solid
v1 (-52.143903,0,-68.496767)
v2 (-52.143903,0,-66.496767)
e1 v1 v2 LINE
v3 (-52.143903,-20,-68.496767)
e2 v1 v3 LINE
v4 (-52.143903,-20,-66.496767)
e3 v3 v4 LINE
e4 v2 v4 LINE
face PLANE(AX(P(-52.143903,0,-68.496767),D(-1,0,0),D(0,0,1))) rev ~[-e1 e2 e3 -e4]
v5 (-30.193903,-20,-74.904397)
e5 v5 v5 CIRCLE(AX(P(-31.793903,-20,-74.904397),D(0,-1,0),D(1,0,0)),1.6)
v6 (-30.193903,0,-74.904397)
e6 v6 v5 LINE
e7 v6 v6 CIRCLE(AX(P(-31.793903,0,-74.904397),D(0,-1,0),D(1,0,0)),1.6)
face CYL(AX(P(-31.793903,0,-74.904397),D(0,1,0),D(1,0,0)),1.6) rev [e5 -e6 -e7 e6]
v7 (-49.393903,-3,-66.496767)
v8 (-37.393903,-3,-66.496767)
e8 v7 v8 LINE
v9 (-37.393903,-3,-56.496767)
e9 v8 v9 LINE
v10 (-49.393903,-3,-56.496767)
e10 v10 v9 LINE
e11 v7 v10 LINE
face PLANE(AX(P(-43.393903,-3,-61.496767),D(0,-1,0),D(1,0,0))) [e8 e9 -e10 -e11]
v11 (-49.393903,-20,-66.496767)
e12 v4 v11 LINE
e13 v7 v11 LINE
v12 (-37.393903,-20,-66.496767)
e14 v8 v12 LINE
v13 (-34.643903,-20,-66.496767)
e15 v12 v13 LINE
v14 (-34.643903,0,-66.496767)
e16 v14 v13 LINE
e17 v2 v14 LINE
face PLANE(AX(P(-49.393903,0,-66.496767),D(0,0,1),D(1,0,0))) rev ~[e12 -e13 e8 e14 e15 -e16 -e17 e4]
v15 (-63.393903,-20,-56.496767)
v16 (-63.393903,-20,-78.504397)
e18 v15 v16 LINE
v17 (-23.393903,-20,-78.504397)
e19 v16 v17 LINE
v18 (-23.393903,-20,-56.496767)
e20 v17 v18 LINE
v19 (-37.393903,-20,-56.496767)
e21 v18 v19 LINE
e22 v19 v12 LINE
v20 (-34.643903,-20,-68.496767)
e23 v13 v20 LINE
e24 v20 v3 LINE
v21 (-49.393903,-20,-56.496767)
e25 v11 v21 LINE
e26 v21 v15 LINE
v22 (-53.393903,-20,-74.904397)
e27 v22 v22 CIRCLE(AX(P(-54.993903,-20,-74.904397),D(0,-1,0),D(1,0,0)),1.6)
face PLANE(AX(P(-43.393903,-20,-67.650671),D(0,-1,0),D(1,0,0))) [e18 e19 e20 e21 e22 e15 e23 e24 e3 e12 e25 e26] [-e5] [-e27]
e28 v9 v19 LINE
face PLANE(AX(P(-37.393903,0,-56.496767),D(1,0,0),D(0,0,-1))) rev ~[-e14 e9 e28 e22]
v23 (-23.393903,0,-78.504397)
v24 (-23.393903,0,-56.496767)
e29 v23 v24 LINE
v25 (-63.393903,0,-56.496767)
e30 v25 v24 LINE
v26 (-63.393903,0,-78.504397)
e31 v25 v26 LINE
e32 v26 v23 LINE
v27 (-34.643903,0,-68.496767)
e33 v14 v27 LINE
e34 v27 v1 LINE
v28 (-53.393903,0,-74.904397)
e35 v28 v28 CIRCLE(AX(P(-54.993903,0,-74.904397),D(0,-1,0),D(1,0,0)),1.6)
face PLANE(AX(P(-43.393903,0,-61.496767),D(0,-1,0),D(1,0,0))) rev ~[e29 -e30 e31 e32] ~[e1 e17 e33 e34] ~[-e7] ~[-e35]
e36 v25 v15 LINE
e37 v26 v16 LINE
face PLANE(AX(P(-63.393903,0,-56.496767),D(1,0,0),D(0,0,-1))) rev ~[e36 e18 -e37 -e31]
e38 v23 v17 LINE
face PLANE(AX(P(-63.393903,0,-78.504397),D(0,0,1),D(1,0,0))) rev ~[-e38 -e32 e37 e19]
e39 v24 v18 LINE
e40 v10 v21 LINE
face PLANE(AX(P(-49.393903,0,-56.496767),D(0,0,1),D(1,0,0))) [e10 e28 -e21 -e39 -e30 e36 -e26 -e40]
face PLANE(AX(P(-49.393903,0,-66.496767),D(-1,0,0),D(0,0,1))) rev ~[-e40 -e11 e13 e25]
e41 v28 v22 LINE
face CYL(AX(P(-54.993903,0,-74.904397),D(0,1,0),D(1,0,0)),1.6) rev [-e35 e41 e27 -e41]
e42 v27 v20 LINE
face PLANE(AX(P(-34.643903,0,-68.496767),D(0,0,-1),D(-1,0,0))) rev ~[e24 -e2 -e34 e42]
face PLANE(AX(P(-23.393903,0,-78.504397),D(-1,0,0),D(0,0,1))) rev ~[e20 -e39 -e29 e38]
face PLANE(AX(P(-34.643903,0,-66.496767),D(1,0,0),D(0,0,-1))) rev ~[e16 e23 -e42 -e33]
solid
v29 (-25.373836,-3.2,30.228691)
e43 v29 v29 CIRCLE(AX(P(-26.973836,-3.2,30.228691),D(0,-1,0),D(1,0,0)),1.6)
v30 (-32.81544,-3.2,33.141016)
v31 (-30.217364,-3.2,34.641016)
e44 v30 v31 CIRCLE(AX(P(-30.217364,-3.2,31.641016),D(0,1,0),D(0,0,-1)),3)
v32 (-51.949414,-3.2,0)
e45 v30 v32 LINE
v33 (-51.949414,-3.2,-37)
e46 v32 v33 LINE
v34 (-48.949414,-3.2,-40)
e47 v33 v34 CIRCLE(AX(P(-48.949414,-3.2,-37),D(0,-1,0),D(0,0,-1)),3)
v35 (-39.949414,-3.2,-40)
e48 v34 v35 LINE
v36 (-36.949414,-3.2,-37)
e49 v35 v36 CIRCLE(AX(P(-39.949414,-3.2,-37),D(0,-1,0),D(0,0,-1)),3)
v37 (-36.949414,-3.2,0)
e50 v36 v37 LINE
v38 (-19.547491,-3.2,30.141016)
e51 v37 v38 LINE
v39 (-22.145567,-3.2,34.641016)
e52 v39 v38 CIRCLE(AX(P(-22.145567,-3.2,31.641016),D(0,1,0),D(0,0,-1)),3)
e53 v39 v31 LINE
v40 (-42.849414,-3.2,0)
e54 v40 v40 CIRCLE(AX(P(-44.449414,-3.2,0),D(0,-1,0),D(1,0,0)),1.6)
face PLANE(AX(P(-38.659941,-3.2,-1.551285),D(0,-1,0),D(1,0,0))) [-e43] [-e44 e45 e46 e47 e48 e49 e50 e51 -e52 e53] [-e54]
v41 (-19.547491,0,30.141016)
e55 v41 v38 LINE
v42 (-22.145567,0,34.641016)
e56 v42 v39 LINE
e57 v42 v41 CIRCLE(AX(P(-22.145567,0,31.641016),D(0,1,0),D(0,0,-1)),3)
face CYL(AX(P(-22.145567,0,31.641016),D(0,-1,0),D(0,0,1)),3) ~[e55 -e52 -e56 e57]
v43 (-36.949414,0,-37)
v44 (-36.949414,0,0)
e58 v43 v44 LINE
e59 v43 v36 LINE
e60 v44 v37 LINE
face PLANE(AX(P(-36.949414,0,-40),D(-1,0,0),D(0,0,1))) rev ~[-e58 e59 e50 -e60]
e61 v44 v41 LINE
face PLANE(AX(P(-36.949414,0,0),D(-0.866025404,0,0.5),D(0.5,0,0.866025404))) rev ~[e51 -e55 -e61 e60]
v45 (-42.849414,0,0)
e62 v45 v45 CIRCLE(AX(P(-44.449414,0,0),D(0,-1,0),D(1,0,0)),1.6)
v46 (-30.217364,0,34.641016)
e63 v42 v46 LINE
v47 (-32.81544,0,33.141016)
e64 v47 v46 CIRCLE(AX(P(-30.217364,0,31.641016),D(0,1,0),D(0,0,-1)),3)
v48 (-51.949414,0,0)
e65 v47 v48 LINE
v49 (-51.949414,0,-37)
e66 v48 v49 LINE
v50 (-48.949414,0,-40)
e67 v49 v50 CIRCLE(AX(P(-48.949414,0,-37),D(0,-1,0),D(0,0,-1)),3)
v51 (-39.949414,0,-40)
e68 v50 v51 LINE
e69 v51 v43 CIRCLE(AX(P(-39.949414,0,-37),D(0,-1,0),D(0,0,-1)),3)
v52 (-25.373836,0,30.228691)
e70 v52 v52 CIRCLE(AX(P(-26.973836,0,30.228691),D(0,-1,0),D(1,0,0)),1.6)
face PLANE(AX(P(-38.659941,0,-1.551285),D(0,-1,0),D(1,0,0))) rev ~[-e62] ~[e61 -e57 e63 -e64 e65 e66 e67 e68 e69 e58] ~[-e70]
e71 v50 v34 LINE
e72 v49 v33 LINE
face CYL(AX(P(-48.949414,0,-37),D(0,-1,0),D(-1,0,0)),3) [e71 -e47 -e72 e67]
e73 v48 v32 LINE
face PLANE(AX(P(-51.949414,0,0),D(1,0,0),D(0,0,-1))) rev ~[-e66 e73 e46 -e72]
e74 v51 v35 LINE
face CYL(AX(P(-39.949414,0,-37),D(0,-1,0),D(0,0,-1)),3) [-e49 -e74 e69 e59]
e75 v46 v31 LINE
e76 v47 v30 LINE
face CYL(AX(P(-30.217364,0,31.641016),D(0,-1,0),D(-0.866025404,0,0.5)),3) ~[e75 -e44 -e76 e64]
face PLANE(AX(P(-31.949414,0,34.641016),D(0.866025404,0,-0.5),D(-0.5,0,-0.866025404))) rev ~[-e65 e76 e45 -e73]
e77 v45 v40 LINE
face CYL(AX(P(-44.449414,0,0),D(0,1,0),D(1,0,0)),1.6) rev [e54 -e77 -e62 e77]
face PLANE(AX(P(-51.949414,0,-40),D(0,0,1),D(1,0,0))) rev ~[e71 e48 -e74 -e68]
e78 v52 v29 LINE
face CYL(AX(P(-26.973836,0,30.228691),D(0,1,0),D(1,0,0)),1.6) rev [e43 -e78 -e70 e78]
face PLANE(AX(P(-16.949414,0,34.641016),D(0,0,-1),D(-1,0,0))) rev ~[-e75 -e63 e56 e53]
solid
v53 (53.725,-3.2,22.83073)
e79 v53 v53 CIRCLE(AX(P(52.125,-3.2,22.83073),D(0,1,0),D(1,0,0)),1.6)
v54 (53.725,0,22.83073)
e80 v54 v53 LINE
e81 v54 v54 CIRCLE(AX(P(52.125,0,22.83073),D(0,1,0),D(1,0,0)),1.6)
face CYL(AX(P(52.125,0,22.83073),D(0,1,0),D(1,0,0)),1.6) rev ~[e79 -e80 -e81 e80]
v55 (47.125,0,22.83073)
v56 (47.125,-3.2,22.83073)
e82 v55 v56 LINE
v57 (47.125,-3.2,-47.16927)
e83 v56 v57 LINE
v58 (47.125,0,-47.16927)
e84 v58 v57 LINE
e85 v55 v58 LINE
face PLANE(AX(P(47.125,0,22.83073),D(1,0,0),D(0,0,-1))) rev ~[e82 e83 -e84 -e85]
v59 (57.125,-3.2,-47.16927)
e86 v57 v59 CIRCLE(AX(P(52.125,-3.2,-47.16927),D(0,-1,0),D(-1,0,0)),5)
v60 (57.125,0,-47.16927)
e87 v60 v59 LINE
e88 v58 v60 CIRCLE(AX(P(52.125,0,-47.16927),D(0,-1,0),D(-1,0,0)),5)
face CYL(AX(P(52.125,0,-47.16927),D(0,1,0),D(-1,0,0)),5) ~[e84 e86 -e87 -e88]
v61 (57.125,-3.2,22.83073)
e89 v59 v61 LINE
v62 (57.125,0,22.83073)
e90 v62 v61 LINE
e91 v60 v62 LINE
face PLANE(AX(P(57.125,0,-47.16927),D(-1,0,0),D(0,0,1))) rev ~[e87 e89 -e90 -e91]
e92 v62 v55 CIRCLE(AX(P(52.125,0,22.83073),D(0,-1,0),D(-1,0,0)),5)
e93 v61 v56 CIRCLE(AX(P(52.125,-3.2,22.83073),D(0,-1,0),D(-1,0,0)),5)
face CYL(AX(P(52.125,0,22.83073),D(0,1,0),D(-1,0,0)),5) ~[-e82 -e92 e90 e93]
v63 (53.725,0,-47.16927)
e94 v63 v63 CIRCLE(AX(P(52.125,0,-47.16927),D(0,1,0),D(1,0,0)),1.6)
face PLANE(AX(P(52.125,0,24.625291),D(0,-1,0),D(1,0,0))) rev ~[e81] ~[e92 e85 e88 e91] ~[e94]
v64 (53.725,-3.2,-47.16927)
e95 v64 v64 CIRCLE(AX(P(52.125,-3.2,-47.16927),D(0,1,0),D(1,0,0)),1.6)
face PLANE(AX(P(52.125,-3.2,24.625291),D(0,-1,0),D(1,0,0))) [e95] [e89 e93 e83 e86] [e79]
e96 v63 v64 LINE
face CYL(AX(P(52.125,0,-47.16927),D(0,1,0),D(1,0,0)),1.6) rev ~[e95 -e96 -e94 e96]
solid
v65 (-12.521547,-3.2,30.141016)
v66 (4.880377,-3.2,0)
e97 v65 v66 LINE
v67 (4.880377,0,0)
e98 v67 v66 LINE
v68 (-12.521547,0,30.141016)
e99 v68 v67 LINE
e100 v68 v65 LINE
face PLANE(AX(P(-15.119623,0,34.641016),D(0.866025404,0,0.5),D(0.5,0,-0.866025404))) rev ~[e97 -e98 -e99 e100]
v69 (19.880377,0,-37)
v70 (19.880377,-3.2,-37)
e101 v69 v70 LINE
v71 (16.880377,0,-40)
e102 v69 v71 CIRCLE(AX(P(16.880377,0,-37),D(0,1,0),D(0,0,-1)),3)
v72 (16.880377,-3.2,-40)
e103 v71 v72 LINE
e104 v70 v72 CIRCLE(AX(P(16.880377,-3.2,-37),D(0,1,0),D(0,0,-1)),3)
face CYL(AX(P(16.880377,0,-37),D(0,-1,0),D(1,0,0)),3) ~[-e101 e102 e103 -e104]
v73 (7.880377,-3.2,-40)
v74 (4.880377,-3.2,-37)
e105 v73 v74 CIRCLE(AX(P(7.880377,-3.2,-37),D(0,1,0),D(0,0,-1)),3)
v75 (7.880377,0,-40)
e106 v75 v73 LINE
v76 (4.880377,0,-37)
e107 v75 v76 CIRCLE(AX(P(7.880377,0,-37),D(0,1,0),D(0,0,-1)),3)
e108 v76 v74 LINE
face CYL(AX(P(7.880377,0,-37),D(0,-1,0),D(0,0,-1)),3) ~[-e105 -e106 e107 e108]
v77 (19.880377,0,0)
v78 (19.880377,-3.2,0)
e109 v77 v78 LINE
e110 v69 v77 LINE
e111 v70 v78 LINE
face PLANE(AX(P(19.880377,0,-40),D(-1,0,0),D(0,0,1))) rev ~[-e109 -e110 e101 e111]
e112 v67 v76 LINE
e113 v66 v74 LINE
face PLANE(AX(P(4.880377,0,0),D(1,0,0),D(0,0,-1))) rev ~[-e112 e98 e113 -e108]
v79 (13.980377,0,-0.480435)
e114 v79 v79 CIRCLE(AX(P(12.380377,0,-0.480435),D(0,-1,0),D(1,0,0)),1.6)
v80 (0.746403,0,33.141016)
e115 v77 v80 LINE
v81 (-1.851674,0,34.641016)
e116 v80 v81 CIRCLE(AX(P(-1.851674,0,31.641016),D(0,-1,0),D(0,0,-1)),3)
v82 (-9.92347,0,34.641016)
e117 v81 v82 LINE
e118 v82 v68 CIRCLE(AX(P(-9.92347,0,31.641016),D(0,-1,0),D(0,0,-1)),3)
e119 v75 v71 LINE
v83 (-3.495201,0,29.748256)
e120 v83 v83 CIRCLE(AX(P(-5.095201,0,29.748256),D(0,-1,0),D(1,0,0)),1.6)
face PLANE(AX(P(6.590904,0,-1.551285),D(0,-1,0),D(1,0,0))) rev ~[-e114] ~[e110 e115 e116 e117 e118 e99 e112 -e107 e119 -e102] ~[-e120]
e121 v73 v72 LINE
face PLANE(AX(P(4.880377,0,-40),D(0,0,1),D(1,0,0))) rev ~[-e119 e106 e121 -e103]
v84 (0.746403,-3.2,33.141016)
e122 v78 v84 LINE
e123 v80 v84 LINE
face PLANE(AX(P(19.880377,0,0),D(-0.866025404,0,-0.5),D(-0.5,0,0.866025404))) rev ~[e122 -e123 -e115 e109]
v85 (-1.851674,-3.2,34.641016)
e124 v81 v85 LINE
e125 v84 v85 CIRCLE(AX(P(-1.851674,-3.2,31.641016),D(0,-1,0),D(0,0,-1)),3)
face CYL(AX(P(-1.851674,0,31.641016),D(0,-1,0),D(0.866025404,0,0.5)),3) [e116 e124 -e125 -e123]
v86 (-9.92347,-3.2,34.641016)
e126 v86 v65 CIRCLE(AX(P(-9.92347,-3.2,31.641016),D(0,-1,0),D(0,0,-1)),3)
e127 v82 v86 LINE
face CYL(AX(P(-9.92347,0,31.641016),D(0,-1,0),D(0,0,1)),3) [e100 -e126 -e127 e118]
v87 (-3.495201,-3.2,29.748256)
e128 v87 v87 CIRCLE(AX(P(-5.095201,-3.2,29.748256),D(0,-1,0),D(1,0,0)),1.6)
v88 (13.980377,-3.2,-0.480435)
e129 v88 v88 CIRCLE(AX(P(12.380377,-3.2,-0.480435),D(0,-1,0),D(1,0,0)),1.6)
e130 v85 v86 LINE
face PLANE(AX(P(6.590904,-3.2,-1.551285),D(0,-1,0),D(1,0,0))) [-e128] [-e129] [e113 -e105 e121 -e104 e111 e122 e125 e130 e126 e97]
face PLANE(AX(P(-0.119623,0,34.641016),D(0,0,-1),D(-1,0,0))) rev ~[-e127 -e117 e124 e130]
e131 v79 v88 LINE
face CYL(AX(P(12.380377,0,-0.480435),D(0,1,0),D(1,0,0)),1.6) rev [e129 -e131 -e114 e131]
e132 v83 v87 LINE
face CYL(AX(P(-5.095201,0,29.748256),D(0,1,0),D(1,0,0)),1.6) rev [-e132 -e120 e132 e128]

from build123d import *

# Parameters (mm, degrees)
F0_R     = 1.6
F1_DEPTH = 3.2
F2_R     = 3
F2_2_R   = 3
F4_DEPTH = 3.2
F5_R     = 1.6
F6_DEPTH = 20
F5_W     = 12
F5_H     = 10
F7_DEPTH = 3


with BuildPart() as f1:
    # F0 (on Front) → F1 (new body)
    with BuildSketch(Plane.XZ):
        Polygon((19.8803772032, 0), (-0.1196227968, 34.6410161514), (-15.1196227968, 34.6410161514), (4.8803772032, 0), (4.8803772032, -40), (19.8803772032, -40), align=None)
        with Locations((12.3803772032, -0.4804348946)):
            Circle(F0_R, mode=Mode.SUBTRACT)
        with Locations((-5.0952010679, 29.748256281)):
            Circle(F0_R, mode=Mode.SUBTRACT)
    extrude(amount=F1_DEPTH)

    # F2#2
    f2_2_edges = [f1.edges().sort_by_distance(p)[0] for p in [
        (19.880377, -1.6, -40),
        (4.880377, -1.6, -40),
        (-15.119623, -1.6, 34.641016),
        (-0.119623, -1.6, 34.641016),
    ]]
    fillet(f2_2_edges, radius=F2_2_R)


with BuildPart() as f1b:
    # F0 (on Front) → F1, piece 2 (new body)
    with BuildSketch(Plane.XZ):
        Polygon((-31.9494143951, 34.6410161514), (-51.9494143951, 0), (-51.9494143951, -40), (-36.9494143951, -40), (-36.9494143951, 0), (-16.9494143951, 34.6410161514), align=None)
        with Locations((-44.4494143951, 0)):
            Circle(F0_R, mode=Mode.SUBTRACT)
        with Locations((-26.9738361239, 30.2286911756)):
            Circle(F0_R, mode=Mode.SUBTRACT)
    extrude(amount=F1_DEPTH)

    # F2
    f2_edges = [f1b.edges().sort_by_distance(p)[0] for p in [
        (-51.949414, -1.6, -40),
        (-36.949414, -1.6, -40),
        (-31.949414, -1.6, 34.641016),
        (-16.949414, -1.6, 34.641016),
    ]]
    fillet(f2_edges, radius=F2_R)


with BuildPart() as f4:
    # F3 (on Front) → F4 (new body)
    with BuildSketch(Plane.XZ):
        with BuildLine():
            ThreePointArc((50.5249999851, 22.8307303157), (52.1249999851, 24.4307303157), (53.7249999851, 22.8307303157))
            Line((53.7249999851, 22.8307303157), (57.1249999851, 22.8307303157))
            ThreePointArc((57.1249999851, 22.8307303157), (52.1249999851, 27.8307303157), (47.1249999851, 22.8307303157))
            Line((47.1249999851, 22.8307303157), (50.5249999851, 22.8307303157))
        make_face()
        with BuildLine():
            Line((57.1249999851, 22.8307303157), (53.7249999851, 22.8307303157))
            ThreePointArc((53.7249999851, 22.8307303157), (52.1249999851, 21.2307303157), (50.5249999851, 22.8307303157))
            Line((50.5249999851, 22.8307303157), (47.1249999851, 22.8307303157))
            ThreePointArc((47.1249999851, 22.8307303157), (52.1249999851, 17.8307303157), (57.1249999851, 22.8307303157))
        make_face()
        with BuildLine():
            Line((57.1249999851, -47.1692696843), (57.1249999851, 22.8307303157))
            ThreePointArc((57.1249999851, 22.8307303157), (52.1249999851, 17.8307303157), (47.1249999851, 22.8307303157))
            Line((47.1249999851, 22.8307303157), (47.1249999851, -47.1692696843))
            ThreePointArc((47.1249999851, -47.1692696843), (52.1249999851, -42.1692696843), (57.1249999851, -47.1692696843))
        make_face()
        with BuildLine():
            ThreePointArc((47.1249999851, -47.1692696843), (52.1249999851, -52.1692696843), (57.1249999851, -47.1692696843))
            Line((57.1249999851, -47.1692696843), (53.7249999851, -47.1692696843))
            ThreePointArc((53.7249999851, -47.1692696843), (52.1249999851, -48.7692696843), (50.5249999851, -47.1692696843))
            Line((50.5249999851, -47.1692696843), (47.1249999851, -47.1692696843))
        make_face()
        with BuildLine():
            Line((53.7249999851, -47.1692696843), (57.1249999851, -47.1692696843))
            ThreePointArc((57.1249999851, -47.1692696843), (52.1249999851, -42.1692696843), (47.1249999851, -47.1692696843))
            Line((47.1249999851, -47.1692696843), (50.5249999851, -47.1692696843))
            ThreePointArc((50.5249999851, -47.1692696843), (52.1249999851, -45.5692696843), (53.7249999851, -47.1692696843))
        make_face()
    extrude(amount=F4_DEPTH)


with BuildPart() as f6:
    # F5 (on Front) → F6 (new body)
    with BuildSketch(Plane.XZ):
        Polygon((-49.3939027905, -56.4967670194), (-63.3939027905, -56.4967670194), (-63.3939027905, -78.5043969103), (-23.3939027905, -78.5043969103), (-23.3939027905, -56.4967670194), (-37.3939027905, -56.4967670194), (-37.3939027905, -66.4967670194), (-34.6439027905, -66.4967670194), (-34.6439027905, -68.4967670194), (-52.1439027905, -68.4967670194), (-52.1439027905, -66.4967670194), (-49.3939027905, -66.4967670194), align=None)
        with Locations((-54.9939027905, -74.9043969103)):
            Circle(F5_R, mode=Mode.SUBTRACT)
        with Locations((-31.7939027905, -74.9043969103)):
            Circle(F5_R, mode=Mode.SUBTRACT)
    extrude(amount=F6_DEPTH)

    # F5 (on Front) → F7 (join)
    with BuildSketch(Plane.XZ):
        with Locations((-43.3939027905, -61.4967670194)):
            Rectangle(F5_W, F5_H)
    extrude(amount=F7_DEPTH)


solid = Compound([f1.part, f1b.part, f4.part, f6.part])
